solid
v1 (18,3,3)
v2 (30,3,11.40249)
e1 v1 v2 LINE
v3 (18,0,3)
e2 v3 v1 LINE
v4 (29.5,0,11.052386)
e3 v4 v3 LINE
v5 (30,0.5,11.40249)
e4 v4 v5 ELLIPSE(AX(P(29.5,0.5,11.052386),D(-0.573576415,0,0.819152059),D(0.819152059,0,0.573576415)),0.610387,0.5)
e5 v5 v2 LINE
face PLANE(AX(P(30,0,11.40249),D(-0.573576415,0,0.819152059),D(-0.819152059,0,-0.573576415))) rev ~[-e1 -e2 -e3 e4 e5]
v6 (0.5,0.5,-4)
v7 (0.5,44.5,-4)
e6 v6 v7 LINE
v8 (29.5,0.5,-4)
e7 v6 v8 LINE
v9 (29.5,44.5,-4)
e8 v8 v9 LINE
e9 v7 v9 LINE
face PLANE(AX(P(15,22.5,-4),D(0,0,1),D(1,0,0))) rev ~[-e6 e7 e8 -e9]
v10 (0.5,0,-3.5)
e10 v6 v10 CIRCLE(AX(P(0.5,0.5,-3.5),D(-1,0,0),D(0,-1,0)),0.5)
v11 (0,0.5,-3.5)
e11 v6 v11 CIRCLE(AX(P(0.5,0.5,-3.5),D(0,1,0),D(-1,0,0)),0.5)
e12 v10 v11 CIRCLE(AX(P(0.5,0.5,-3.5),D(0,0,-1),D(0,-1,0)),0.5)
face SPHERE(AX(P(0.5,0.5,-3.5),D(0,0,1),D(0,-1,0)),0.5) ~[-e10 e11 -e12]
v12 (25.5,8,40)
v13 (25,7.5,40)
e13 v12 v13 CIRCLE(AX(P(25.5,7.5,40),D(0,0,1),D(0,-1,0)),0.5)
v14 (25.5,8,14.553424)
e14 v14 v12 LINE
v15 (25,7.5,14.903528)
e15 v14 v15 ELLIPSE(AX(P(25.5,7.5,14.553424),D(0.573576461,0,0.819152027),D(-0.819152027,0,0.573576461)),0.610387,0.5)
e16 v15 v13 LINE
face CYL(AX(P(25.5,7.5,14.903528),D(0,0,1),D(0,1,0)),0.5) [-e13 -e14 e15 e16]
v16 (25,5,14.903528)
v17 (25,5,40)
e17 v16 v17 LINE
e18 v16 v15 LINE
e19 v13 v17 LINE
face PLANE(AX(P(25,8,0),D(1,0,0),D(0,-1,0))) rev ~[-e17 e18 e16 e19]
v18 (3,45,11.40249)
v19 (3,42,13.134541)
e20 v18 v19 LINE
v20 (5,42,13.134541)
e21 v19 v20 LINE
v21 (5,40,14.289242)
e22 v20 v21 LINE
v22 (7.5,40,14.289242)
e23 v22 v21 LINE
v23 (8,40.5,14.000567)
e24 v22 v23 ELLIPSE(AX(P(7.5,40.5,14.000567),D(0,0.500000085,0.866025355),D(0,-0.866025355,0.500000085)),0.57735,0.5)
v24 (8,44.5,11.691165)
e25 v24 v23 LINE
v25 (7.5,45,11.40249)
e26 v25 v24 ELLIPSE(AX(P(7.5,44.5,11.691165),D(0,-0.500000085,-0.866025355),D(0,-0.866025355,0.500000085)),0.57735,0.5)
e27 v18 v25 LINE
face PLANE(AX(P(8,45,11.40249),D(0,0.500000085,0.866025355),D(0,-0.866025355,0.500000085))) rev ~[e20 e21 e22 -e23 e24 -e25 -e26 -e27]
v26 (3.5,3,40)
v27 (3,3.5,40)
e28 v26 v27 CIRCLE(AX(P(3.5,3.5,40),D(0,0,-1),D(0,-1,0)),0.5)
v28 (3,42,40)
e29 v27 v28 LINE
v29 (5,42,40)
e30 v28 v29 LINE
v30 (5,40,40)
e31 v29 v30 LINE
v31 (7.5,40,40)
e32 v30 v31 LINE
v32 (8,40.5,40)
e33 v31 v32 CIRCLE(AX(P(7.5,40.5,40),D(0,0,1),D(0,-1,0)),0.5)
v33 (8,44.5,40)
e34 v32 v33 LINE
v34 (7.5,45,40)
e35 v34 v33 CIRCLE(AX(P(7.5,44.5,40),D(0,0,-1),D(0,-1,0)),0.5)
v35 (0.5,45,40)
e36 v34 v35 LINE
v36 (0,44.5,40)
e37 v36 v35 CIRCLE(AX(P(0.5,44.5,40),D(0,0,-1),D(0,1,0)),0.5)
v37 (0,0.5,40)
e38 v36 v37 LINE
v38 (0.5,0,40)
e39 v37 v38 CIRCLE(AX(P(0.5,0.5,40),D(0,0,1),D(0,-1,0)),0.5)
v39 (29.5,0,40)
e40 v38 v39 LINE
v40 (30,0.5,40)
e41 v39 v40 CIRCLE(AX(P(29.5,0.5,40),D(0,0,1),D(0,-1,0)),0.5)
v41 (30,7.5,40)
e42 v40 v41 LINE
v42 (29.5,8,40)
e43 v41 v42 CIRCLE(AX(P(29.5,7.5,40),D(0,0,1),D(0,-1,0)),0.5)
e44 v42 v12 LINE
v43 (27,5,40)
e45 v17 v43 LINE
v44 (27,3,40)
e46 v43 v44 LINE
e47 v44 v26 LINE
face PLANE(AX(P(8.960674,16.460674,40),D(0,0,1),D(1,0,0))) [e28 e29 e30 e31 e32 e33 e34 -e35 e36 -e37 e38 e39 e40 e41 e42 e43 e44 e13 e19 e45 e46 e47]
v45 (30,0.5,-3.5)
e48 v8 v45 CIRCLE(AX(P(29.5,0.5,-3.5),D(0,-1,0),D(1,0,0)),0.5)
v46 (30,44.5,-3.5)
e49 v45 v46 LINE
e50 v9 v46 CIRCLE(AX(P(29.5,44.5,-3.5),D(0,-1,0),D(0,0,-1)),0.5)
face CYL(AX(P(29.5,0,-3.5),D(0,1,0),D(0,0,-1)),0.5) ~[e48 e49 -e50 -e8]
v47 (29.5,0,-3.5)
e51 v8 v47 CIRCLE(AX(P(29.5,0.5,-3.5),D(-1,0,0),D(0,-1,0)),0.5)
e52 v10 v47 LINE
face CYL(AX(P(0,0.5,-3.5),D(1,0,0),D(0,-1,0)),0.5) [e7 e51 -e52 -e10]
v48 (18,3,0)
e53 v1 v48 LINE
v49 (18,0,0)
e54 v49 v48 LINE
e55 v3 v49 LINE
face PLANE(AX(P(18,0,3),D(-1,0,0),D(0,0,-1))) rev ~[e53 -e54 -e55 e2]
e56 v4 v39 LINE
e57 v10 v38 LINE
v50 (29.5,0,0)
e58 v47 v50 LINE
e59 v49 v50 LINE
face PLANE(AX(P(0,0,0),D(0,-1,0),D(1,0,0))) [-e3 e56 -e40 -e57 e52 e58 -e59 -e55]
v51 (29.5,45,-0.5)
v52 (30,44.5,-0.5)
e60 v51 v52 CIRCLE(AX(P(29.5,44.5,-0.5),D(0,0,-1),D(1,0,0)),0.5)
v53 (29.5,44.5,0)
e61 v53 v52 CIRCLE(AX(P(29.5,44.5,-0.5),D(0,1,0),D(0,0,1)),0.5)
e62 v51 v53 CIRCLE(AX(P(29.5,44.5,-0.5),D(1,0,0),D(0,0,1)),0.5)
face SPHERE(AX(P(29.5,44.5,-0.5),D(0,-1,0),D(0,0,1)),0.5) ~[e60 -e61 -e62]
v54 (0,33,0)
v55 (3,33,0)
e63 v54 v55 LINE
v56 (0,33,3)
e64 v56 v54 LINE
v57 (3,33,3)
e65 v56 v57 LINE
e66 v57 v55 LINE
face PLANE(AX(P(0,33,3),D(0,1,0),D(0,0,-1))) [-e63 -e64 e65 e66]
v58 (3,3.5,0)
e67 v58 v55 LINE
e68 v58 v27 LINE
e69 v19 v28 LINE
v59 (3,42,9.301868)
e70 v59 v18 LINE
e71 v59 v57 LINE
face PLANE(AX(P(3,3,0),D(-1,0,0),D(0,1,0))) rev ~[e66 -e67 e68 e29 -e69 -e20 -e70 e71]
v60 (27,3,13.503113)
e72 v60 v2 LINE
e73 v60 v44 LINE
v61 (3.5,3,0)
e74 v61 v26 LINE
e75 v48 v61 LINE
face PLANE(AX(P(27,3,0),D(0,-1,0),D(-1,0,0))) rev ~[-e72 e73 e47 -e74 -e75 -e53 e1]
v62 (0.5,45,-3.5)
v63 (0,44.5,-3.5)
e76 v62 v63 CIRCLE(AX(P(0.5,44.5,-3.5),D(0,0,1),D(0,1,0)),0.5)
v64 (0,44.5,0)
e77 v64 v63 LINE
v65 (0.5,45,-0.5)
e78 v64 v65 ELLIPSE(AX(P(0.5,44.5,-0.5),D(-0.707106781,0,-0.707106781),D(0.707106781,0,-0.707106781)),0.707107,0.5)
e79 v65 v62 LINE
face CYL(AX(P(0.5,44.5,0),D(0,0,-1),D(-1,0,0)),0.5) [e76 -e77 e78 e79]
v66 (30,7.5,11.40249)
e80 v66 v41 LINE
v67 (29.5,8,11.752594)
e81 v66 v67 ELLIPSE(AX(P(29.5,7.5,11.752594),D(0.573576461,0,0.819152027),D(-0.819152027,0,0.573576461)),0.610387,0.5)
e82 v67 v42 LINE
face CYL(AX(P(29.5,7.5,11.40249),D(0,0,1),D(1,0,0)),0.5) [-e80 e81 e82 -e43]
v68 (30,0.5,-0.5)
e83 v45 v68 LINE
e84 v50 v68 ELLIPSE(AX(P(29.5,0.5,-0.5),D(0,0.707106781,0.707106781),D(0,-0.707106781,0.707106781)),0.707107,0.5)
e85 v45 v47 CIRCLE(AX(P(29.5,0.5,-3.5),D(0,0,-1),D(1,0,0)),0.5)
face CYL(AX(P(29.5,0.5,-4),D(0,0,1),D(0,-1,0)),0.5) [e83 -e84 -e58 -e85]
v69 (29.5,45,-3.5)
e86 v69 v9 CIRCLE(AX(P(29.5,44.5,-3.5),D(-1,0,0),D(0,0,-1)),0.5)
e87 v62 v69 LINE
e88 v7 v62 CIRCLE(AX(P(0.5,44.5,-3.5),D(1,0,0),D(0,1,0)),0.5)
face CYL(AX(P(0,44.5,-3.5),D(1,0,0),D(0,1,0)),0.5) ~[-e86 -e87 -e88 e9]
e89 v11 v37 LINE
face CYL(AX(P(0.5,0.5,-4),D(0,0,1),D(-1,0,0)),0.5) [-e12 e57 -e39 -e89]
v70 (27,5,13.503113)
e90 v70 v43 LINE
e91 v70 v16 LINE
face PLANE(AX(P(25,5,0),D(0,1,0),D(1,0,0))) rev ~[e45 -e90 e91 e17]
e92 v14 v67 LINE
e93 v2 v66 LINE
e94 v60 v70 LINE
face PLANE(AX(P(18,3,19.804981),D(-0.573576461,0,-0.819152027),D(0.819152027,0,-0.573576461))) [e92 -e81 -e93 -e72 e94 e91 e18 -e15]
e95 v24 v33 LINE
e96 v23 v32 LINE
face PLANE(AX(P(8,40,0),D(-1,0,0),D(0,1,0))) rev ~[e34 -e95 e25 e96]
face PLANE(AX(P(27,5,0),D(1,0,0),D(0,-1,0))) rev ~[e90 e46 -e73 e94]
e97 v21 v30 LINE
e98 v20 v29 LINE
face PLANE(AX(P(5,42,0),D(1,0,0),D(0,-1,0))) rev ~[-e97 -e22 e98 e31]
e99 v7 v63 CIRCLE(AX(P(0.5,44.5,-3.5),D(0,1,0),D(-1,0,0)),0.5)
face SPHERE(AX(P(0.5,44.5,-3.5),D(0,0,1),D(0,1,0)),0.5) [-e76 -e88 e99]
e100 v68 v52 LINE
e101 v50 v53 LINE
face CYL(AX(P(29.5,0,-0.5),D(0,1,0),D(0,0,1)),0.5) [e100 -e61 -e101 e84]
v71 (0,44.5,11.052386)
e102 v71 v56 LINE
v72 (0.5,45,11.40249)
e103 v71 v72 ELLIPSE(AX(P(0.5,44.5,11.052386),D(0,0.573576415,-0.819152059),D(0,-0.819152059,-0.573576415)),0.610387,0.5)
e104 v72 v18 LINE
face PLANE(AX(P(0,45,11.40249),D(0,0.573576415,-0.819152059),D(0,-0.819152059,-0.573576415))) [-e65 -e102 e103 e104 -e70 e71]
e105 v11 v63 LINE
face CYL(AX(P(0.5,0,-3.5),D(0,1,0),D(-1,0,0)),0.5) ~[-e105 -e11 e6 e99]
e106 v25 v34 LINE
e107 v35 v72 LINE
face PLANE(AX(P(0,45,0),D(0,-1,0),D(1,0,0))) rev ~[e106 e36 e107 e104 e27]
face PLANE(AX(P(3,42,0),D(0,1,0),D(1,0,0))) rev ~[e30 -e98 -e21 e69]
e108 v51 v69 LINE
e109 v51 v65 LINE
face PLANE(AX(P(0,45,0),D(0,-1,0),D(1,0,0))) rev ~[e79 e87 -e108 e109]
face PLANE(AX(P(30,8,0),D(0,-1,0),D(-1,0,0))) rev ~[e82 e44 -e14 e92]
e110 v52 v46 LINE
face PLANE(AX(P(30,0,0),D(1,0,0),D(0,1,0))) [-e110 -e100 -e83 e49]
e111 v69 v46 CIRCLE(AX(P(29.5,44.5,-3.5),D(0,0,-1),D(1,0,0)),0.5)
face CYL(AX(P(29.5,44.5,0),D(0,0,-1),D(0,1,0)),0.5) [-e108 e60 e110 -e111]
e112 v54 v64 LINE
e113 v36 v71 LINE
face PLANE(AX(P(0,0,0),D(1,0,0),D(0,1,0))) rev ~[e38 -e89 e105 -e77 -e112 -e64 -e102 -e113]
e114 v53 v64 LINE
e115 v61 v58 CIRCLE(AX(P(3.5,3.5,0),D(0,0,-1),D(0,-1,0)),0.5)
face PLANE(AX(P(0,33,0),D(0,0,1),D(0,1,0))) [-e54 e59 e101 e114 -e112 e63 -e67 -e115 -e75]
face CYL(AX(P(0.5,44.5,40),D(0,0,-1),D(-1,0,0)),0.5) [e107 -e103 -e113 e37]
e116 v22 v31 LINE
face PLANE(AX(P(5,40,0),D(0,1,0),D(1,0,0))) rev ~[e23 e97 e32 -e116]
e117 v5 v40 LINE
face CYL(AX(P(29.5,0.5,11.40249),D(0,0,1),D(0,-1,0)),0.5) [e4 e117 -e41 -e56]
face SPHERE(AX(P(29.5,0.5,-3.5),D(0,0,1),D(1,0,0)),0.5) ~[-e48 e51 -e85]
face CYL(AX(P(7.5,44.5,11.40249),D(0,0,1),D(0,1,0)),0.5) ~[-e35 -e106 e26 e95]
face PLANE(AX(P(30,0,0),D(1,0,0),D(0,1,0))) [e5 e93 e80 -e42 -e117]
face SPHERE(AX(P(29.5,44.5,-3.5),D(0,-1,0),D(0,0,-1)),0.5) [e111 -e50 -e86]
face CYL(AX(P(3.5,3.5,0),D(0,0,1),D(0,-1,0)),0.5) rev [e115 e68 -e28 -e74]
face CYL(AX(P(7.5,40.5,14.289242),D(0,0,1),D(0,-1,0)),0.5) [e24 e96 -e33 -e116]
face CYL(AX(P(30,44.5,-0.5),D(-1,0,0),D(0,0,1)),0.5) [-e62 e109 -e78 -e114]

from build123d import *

# Parameters (mm, degrees)
F1_DEPTH  = 40
F2_W      = 30
F2_H      = 45
F3_DEPTH  = 4
F5_DEPTH  = 45.001
F7_DEPTH  = 42.001
F9_DEPTH  = 30.001
F11_DEPTH = 5
F12_R     = 0.5


with BuildPart() as f1:
    # F0 (on Top) → F1 (new body)
    with BuildSketch(Plane.XY):
        Polygon((0, 0), (30, 0), (30, 8), (25, 8), (25, 5), (27, 5), (27, 3), (3, 3), (3, 42), (5, 42), (5, 40), (8, 40), (8, 45), (0, 45), align=None)
    extrude(amount=F1_DEPTH)

    # F2 (on Top) → F3 (join)
    with BuildSketch(Plane.XY):
        with Locations((15, 22.5)):
            Rectangle(F2_W, F2_H)
    extrude(amount=-F3_DEPTH)

    # F4 (on Front) → F5 (cut, through all)
    with BuildSketch(Plane.XZ):
        Polygon((18, 0), (30, 0), (30, 11.40249), (18, 3), align=None)
    extrude(amount=-F5_DEPTH, mode=Mode.SUBTRACT)

    # F6 (on face) → F7 (cut, through all)
    with BuildSketch(Plane(origin=(0, 3, 0), x_dir=(-1, 0, 0), z_dir=(0, 1, 0))):
        Polygon((-18, 3), (-18, 19.804981), (-30, 11.40249), (-30, 3), align=None)
    extrude(amount=F7_DEPTH, mode=Mode.SUBTRACT)

    # F8 (on Right) → F9 (cut, through all)
    with BuildSketch(Plane.YZ):
        Polygon((33, 0), (45, 0), (45, 11.40249), (33, 3), align=None)
    extrude(amount=F9_DEPTH, mode=Mode.SUBTRACT)

    # F10 (on face) → F11 (cut, through all)
    with BuildSketch(Plane.YZ.offset(8)):
        Polygon((40, 7.901453), (45, 11.40249), (40, 14.289242), align=None)
    extrude(amount=-F11_DEPTH, mode=Mode.SUBTRACT)

    # F12
    f12_edges = [f1.edges().sort_by_distance(p)[0] for p in [
        (0, 45, 25.701245),
        (0, 45, -2),
        (0, 0, 18),
        (30, 0, 25.701245),
        (30, 0, -2),
        (30, 8, 25.701245),
        (8, 40, 27.144621),
        (8, 45, 25.701245),
        (30, 22.5, 0),
        (30, 22.5, -4),
        (15, 45, 0),
        (15, 45, -4),
        (30, 45, -2),
        (25, 8, 27.451764),
        (15, 0, -4),
        (0, 22.5, -4),
        (3, 3, 20),
    ]]
    fillet(f12_edges, radius=F12_R)


solid = f1.part
